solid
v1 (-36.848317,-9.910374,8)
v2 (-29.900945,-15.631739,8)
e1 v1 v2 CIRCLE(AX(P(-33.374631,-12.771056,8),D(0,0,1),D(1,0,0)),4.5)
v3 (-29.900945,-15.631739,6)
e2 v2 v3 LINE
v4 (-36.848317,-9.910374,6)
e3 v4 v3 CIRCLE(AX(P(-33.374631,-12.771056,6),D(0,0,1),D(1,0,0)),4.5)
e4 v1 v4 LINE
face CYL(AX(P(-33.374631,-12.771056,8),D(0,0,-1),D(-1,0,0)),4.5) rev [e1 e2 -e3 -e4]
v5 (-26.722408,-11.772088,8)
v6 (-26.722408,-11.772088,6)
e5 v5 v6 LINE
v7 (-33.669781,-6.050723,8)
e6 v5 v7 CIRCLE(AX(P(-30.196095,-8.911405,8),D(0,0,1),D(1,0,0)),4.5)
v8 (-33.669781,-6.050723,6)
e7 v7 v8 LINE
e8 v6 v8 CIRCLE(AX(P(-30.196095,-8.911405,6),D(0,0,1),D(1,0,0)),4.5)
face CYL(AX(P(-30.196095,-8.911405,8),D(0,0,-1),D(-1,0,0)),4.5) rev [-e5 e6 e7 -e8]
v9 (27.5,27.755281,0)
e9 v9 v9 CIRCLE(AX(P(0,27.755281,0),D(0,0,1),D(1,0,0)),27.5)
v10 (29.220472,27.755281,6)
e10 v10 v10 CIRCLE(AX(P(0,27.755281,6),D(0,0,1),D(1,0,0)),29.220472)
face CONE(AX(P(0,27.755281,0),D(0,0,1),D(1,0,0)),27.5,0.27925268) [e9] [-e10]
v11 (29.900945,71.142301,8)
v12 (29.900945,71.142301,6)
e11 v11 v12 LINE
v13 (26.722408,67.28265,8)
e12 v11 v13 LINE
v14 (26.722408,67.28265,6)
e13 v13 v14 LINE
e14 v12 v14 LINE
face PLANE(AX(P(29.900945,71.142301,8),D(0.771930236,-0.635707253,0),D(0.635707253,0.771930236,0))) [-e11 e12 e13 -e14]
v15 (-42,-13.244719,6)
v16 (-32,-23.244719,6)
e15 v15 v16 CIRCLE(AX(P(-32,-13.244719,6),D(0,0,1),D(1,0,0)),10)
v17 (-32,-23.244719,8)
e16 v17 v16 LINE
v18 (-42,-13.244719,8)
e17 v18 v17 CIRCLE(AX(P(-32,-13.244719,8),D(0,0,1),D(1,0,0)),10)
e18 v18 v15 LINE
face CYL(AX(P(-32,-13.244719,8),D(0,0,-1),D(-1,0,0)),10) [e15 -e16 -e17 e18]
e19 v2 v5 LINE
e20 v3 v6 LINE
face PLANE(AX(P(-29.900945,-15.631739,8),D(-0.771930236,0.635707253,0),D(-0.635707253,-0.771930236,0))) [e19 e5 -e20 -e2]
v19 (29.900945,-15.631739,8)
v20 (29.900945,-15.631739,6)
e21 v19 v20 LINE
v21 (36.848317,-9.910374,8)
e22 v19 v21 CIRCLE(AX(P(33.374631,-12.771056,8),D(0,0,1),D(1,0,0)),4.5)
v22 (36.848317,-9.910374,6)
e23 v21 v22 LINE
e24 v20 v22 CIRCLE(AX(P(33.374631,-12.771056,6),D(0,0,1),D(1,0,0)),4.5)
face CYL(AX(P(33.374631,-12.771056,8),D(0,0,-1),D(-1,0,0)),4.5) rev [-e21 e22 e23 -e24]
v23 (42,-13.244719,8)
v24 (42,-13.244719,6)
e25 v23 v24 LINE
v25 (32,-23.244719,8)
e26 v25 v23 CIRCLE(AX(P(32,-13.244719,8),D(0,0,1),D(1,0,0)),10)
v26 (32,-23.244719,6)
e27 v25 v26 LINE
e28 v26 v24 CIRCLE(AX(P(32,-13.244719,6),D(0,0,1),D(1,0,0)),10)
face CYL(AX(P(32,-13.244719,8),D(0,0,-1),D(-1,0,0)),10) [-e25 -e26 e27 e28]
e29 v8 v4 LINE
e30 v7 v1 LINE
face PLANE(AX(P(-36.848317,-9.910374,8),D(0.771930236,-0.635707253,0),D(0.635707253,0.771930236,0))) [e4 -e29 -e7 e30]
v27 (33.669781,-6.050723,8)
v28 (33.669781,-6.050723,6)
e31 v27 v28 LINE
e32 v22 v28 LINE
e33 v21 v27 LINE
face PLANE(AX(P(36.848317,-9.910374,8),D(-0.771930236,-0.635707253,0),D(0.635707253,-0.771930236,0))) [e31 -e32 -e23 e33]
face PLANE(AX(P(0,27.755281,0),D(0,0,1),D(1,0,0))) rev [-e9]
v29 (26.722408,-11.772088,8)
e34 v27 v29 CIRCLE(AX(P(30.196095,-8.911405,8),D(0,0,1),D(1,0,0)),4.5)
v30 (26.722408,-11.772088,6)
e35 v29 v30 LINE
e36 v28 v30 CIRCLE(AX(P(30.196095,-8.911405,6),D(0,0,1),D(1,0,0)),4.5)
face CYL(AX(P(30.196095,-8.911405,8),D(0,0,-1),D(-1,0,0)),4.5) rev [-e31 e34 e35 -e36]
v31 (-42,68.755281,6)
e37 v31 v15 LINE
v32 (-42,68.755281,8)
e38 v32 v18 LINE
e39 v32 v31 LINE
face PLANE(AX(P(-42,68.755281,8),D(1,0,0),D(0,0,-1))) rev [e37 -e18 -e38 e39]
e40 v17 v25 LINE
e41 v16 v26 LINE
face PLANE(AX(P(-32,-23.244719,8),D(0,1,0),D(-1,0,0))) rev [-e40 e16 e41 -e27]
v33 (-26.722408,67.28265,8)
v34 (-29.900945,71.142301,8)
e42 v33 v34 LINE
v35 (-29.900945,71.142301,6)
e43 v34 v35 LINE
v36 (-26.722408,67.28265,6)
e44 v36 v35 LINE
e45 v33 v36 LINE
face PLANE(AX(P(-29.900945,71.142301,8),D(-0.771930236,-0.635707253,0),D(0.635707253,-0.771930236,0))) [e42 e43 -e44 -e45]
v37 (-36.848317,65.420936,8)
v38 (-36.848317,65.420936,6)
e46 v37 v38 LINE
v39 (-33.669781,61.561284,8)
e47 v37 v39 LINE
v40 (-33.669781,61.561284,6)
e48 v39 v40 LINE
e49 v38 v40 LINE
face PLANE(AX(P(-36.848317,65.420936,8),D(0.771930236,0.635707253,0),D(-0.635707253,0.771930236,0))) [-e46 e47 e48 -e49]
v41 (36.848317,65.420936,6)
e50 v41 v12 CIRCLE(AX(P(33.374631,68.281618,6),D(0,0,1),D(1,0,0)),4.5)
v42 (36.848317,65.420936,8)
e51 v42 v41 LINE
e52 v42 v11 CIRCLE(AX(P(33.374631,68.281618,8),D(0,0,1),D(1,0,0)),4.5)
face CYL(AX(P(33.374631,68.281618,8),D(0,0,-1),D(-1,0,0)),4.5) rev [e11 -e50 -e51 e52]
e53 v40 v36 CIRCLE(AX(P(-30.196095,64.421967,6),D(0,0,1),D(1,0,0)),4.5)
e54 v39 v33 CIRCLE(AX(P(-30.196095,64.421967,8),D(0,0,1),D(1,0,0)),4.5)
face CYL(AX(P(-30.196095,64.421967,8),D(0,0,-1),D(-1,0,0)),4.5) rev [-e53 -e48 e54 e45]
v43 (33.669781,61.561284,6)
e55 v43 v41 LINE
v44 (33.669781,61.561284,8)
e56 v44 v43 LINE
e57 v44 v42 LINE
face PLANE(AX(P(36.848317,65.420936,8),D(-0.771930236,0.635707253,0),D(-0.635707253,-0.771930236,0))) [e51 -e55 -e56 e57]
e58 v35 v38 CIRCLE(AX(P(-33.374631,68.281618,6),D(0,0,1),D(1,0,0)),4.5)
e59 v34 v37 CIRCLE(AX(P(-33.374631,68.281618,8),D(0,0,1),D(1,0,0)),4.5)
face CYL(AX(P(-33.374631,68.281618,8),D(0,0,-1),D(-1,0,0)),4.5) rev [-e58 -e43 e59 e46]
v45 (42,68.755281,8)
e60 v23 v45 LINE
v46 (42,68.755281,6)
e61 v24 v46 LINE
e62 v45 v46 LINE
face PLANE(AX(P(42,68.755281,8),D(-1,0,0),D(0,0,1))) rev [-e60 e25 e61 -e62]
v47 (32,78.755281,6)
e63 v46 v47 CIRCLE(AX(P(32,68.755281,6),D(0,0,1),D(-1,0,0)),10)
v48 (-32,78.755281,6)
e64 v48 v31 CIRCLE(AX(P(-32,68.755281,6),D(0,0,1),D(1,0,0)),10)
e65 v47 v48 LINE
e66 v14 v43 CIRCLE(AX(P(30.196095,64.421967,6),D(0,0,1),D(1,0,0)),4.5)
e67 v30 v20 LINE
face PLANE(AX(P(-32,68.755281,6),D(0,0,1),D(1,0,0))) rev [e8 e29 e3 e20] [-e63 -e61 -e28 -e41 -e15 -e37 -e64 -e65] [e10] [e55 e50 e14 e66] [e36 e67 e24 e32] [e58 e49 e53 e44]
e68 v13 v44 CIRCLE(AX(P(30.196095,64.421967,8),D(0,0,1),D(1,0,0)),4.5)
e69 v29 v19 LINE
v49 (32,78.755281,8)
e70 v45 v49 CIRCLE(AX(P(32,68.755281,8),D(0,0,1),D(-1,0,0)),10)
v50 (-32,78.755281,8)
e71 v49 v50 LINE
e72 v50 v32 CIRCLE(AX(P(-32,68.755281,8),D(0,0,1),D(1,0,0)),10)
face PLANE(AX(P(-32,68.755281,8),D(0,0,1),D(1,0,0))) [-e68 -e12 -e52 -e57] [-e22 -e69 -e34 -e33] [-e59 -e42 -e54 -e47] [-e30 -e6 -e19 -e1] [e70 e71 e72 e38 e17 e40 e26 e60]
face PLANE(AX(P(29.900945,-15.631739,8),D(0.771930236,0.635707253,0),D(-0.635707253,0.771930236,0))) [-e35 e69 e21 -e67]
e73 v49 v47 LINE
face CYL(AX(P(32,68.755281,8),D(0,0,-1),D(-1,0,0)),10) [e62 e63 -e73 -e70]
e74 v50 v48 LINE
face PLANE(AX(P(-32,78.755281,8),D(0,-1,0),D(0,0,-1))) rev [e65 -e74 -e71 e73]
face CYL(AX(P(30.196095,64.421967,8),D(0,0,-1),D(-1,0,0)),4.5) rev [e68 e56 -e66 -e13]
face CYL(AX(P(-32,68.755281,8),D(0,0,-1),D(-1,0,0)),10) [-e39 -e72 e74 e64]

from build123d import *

# Parameters (mm, degrees)
SKETCH_1_R      = 27.5
EXTRUDE_1_DEPTH = 6
EXTRUDE_1_TAPER = -16
EXTRUDE_2_DEPTH = 2


with BuildPart() as part:
    # Эскиз1 → Бобышка-Вытянуть1 (new body)
    with BuildSketch(Plane.XY):
        with Locations((0, 27.755280905)):
            Circle(SKETCH_1_R)
    extrude(amount=EXTRUDE_1_DEPTH, taper=EXTRUDE_1_TAPER)

    # Эскиз3 → Бобышка-Вытянуть2 (add)
    with BuildSketch(Plane.XY.offset(6)):
        with BuildLine():
            Line((-32, 78.755280905), (32, 78.755280905))
            ThreePointArc((32, 78.755280905), (39.071067812, 75.826348716), (42, 68.755280905))
            Line((42, 68.755280905), (42, -13.244719095))
            ThreePointArc((42, -13.244719095), (39.071067812, -20.315786907), (32, -23.244719095))
            Line((32, -23.244719095), (-32, -23.244719095))
            ThreePointArc((-32, -23.244719095), (-39.071067812, -20.315786907), (-42, -13.244719095))
            Line((-42, -13.244719095), (-42, 68.755280905))
            ThreePointArc((-42, 68.755280905), (-39.071067812, 75.826348716), (-32, 78.755280905))
        make_face()
        with BuildLine():
            Line((-29.900944715, 71.142300912), (-26.722408451, 67.282649734))
            ThreePointArc((-26.722408451, 67.282649734), (-27.335411873, 60.948281036), (-33.669780571, 61.561284458))
            Line((-33.669780571, 61.561284458), (-36.848316835, 65.420935637))
            ThreePointArc((-36.848316835, 65.420935637), (-36.235313413, 71.755304335), (-29.900944715, 71.142300912))
        make_face(mode=Mode.SUBTRACT)
        with BuildLine():
            Line((36.848316835, 65.420935637), (33.669780571, 61.561284458))
            ThreePointArc((33.669780571, 61.561284458), (27.335411873, 60.948281036), (26.722408451, 67.282649734))
            Line((26.722408451, 67.282649734), (29.900944715, 71.142300912))
            ThreePointArc((29.900944715, 71.142300912), (36.235313413, 71.755304335), (36.848316835, 65.420935637))
        make_face(mode=Mode.SUBTRACT)
        with BuildLine():
            Line((29.900944715, -15.631739103), (26.722408451, -11.772087925))
            ThreePointArc((26.722408451, -11.772087925), (27.335411873, -5.437719227), (33.669780571, -6.050722649))
            Line((33.669780571, -6.050722649), (36.848316835, -9.910373827))
            ThreePointArc((36.848316835, -9.910373827), (36.235313413, -16.244742526), (29.900944715, -15.631739103))
        make_face(mode=Mode.SUBTRACT)
        with BuildLine():
            Line((-36.848316835, -9.910373827), (-33.669780571, -6.050722649))
            ThreePointArc((-33.669780571, -6.050722649), (-27.335411873, -5.437719227), (-26.722408451, -11.772087925))
            Line((-26.722408451, -11.772087925), (-29.900944715, -15.631739103))
            ThreePointArc((-29.900944715, -15.631739103), (-36.235313413, -16.244742526), (-36.848316835, -9.910373827))
        make_face(mode=Mode.SUBTRACT)
    extrude(amount=EXTRUDE_2_DEPTH)


solid = part.part
